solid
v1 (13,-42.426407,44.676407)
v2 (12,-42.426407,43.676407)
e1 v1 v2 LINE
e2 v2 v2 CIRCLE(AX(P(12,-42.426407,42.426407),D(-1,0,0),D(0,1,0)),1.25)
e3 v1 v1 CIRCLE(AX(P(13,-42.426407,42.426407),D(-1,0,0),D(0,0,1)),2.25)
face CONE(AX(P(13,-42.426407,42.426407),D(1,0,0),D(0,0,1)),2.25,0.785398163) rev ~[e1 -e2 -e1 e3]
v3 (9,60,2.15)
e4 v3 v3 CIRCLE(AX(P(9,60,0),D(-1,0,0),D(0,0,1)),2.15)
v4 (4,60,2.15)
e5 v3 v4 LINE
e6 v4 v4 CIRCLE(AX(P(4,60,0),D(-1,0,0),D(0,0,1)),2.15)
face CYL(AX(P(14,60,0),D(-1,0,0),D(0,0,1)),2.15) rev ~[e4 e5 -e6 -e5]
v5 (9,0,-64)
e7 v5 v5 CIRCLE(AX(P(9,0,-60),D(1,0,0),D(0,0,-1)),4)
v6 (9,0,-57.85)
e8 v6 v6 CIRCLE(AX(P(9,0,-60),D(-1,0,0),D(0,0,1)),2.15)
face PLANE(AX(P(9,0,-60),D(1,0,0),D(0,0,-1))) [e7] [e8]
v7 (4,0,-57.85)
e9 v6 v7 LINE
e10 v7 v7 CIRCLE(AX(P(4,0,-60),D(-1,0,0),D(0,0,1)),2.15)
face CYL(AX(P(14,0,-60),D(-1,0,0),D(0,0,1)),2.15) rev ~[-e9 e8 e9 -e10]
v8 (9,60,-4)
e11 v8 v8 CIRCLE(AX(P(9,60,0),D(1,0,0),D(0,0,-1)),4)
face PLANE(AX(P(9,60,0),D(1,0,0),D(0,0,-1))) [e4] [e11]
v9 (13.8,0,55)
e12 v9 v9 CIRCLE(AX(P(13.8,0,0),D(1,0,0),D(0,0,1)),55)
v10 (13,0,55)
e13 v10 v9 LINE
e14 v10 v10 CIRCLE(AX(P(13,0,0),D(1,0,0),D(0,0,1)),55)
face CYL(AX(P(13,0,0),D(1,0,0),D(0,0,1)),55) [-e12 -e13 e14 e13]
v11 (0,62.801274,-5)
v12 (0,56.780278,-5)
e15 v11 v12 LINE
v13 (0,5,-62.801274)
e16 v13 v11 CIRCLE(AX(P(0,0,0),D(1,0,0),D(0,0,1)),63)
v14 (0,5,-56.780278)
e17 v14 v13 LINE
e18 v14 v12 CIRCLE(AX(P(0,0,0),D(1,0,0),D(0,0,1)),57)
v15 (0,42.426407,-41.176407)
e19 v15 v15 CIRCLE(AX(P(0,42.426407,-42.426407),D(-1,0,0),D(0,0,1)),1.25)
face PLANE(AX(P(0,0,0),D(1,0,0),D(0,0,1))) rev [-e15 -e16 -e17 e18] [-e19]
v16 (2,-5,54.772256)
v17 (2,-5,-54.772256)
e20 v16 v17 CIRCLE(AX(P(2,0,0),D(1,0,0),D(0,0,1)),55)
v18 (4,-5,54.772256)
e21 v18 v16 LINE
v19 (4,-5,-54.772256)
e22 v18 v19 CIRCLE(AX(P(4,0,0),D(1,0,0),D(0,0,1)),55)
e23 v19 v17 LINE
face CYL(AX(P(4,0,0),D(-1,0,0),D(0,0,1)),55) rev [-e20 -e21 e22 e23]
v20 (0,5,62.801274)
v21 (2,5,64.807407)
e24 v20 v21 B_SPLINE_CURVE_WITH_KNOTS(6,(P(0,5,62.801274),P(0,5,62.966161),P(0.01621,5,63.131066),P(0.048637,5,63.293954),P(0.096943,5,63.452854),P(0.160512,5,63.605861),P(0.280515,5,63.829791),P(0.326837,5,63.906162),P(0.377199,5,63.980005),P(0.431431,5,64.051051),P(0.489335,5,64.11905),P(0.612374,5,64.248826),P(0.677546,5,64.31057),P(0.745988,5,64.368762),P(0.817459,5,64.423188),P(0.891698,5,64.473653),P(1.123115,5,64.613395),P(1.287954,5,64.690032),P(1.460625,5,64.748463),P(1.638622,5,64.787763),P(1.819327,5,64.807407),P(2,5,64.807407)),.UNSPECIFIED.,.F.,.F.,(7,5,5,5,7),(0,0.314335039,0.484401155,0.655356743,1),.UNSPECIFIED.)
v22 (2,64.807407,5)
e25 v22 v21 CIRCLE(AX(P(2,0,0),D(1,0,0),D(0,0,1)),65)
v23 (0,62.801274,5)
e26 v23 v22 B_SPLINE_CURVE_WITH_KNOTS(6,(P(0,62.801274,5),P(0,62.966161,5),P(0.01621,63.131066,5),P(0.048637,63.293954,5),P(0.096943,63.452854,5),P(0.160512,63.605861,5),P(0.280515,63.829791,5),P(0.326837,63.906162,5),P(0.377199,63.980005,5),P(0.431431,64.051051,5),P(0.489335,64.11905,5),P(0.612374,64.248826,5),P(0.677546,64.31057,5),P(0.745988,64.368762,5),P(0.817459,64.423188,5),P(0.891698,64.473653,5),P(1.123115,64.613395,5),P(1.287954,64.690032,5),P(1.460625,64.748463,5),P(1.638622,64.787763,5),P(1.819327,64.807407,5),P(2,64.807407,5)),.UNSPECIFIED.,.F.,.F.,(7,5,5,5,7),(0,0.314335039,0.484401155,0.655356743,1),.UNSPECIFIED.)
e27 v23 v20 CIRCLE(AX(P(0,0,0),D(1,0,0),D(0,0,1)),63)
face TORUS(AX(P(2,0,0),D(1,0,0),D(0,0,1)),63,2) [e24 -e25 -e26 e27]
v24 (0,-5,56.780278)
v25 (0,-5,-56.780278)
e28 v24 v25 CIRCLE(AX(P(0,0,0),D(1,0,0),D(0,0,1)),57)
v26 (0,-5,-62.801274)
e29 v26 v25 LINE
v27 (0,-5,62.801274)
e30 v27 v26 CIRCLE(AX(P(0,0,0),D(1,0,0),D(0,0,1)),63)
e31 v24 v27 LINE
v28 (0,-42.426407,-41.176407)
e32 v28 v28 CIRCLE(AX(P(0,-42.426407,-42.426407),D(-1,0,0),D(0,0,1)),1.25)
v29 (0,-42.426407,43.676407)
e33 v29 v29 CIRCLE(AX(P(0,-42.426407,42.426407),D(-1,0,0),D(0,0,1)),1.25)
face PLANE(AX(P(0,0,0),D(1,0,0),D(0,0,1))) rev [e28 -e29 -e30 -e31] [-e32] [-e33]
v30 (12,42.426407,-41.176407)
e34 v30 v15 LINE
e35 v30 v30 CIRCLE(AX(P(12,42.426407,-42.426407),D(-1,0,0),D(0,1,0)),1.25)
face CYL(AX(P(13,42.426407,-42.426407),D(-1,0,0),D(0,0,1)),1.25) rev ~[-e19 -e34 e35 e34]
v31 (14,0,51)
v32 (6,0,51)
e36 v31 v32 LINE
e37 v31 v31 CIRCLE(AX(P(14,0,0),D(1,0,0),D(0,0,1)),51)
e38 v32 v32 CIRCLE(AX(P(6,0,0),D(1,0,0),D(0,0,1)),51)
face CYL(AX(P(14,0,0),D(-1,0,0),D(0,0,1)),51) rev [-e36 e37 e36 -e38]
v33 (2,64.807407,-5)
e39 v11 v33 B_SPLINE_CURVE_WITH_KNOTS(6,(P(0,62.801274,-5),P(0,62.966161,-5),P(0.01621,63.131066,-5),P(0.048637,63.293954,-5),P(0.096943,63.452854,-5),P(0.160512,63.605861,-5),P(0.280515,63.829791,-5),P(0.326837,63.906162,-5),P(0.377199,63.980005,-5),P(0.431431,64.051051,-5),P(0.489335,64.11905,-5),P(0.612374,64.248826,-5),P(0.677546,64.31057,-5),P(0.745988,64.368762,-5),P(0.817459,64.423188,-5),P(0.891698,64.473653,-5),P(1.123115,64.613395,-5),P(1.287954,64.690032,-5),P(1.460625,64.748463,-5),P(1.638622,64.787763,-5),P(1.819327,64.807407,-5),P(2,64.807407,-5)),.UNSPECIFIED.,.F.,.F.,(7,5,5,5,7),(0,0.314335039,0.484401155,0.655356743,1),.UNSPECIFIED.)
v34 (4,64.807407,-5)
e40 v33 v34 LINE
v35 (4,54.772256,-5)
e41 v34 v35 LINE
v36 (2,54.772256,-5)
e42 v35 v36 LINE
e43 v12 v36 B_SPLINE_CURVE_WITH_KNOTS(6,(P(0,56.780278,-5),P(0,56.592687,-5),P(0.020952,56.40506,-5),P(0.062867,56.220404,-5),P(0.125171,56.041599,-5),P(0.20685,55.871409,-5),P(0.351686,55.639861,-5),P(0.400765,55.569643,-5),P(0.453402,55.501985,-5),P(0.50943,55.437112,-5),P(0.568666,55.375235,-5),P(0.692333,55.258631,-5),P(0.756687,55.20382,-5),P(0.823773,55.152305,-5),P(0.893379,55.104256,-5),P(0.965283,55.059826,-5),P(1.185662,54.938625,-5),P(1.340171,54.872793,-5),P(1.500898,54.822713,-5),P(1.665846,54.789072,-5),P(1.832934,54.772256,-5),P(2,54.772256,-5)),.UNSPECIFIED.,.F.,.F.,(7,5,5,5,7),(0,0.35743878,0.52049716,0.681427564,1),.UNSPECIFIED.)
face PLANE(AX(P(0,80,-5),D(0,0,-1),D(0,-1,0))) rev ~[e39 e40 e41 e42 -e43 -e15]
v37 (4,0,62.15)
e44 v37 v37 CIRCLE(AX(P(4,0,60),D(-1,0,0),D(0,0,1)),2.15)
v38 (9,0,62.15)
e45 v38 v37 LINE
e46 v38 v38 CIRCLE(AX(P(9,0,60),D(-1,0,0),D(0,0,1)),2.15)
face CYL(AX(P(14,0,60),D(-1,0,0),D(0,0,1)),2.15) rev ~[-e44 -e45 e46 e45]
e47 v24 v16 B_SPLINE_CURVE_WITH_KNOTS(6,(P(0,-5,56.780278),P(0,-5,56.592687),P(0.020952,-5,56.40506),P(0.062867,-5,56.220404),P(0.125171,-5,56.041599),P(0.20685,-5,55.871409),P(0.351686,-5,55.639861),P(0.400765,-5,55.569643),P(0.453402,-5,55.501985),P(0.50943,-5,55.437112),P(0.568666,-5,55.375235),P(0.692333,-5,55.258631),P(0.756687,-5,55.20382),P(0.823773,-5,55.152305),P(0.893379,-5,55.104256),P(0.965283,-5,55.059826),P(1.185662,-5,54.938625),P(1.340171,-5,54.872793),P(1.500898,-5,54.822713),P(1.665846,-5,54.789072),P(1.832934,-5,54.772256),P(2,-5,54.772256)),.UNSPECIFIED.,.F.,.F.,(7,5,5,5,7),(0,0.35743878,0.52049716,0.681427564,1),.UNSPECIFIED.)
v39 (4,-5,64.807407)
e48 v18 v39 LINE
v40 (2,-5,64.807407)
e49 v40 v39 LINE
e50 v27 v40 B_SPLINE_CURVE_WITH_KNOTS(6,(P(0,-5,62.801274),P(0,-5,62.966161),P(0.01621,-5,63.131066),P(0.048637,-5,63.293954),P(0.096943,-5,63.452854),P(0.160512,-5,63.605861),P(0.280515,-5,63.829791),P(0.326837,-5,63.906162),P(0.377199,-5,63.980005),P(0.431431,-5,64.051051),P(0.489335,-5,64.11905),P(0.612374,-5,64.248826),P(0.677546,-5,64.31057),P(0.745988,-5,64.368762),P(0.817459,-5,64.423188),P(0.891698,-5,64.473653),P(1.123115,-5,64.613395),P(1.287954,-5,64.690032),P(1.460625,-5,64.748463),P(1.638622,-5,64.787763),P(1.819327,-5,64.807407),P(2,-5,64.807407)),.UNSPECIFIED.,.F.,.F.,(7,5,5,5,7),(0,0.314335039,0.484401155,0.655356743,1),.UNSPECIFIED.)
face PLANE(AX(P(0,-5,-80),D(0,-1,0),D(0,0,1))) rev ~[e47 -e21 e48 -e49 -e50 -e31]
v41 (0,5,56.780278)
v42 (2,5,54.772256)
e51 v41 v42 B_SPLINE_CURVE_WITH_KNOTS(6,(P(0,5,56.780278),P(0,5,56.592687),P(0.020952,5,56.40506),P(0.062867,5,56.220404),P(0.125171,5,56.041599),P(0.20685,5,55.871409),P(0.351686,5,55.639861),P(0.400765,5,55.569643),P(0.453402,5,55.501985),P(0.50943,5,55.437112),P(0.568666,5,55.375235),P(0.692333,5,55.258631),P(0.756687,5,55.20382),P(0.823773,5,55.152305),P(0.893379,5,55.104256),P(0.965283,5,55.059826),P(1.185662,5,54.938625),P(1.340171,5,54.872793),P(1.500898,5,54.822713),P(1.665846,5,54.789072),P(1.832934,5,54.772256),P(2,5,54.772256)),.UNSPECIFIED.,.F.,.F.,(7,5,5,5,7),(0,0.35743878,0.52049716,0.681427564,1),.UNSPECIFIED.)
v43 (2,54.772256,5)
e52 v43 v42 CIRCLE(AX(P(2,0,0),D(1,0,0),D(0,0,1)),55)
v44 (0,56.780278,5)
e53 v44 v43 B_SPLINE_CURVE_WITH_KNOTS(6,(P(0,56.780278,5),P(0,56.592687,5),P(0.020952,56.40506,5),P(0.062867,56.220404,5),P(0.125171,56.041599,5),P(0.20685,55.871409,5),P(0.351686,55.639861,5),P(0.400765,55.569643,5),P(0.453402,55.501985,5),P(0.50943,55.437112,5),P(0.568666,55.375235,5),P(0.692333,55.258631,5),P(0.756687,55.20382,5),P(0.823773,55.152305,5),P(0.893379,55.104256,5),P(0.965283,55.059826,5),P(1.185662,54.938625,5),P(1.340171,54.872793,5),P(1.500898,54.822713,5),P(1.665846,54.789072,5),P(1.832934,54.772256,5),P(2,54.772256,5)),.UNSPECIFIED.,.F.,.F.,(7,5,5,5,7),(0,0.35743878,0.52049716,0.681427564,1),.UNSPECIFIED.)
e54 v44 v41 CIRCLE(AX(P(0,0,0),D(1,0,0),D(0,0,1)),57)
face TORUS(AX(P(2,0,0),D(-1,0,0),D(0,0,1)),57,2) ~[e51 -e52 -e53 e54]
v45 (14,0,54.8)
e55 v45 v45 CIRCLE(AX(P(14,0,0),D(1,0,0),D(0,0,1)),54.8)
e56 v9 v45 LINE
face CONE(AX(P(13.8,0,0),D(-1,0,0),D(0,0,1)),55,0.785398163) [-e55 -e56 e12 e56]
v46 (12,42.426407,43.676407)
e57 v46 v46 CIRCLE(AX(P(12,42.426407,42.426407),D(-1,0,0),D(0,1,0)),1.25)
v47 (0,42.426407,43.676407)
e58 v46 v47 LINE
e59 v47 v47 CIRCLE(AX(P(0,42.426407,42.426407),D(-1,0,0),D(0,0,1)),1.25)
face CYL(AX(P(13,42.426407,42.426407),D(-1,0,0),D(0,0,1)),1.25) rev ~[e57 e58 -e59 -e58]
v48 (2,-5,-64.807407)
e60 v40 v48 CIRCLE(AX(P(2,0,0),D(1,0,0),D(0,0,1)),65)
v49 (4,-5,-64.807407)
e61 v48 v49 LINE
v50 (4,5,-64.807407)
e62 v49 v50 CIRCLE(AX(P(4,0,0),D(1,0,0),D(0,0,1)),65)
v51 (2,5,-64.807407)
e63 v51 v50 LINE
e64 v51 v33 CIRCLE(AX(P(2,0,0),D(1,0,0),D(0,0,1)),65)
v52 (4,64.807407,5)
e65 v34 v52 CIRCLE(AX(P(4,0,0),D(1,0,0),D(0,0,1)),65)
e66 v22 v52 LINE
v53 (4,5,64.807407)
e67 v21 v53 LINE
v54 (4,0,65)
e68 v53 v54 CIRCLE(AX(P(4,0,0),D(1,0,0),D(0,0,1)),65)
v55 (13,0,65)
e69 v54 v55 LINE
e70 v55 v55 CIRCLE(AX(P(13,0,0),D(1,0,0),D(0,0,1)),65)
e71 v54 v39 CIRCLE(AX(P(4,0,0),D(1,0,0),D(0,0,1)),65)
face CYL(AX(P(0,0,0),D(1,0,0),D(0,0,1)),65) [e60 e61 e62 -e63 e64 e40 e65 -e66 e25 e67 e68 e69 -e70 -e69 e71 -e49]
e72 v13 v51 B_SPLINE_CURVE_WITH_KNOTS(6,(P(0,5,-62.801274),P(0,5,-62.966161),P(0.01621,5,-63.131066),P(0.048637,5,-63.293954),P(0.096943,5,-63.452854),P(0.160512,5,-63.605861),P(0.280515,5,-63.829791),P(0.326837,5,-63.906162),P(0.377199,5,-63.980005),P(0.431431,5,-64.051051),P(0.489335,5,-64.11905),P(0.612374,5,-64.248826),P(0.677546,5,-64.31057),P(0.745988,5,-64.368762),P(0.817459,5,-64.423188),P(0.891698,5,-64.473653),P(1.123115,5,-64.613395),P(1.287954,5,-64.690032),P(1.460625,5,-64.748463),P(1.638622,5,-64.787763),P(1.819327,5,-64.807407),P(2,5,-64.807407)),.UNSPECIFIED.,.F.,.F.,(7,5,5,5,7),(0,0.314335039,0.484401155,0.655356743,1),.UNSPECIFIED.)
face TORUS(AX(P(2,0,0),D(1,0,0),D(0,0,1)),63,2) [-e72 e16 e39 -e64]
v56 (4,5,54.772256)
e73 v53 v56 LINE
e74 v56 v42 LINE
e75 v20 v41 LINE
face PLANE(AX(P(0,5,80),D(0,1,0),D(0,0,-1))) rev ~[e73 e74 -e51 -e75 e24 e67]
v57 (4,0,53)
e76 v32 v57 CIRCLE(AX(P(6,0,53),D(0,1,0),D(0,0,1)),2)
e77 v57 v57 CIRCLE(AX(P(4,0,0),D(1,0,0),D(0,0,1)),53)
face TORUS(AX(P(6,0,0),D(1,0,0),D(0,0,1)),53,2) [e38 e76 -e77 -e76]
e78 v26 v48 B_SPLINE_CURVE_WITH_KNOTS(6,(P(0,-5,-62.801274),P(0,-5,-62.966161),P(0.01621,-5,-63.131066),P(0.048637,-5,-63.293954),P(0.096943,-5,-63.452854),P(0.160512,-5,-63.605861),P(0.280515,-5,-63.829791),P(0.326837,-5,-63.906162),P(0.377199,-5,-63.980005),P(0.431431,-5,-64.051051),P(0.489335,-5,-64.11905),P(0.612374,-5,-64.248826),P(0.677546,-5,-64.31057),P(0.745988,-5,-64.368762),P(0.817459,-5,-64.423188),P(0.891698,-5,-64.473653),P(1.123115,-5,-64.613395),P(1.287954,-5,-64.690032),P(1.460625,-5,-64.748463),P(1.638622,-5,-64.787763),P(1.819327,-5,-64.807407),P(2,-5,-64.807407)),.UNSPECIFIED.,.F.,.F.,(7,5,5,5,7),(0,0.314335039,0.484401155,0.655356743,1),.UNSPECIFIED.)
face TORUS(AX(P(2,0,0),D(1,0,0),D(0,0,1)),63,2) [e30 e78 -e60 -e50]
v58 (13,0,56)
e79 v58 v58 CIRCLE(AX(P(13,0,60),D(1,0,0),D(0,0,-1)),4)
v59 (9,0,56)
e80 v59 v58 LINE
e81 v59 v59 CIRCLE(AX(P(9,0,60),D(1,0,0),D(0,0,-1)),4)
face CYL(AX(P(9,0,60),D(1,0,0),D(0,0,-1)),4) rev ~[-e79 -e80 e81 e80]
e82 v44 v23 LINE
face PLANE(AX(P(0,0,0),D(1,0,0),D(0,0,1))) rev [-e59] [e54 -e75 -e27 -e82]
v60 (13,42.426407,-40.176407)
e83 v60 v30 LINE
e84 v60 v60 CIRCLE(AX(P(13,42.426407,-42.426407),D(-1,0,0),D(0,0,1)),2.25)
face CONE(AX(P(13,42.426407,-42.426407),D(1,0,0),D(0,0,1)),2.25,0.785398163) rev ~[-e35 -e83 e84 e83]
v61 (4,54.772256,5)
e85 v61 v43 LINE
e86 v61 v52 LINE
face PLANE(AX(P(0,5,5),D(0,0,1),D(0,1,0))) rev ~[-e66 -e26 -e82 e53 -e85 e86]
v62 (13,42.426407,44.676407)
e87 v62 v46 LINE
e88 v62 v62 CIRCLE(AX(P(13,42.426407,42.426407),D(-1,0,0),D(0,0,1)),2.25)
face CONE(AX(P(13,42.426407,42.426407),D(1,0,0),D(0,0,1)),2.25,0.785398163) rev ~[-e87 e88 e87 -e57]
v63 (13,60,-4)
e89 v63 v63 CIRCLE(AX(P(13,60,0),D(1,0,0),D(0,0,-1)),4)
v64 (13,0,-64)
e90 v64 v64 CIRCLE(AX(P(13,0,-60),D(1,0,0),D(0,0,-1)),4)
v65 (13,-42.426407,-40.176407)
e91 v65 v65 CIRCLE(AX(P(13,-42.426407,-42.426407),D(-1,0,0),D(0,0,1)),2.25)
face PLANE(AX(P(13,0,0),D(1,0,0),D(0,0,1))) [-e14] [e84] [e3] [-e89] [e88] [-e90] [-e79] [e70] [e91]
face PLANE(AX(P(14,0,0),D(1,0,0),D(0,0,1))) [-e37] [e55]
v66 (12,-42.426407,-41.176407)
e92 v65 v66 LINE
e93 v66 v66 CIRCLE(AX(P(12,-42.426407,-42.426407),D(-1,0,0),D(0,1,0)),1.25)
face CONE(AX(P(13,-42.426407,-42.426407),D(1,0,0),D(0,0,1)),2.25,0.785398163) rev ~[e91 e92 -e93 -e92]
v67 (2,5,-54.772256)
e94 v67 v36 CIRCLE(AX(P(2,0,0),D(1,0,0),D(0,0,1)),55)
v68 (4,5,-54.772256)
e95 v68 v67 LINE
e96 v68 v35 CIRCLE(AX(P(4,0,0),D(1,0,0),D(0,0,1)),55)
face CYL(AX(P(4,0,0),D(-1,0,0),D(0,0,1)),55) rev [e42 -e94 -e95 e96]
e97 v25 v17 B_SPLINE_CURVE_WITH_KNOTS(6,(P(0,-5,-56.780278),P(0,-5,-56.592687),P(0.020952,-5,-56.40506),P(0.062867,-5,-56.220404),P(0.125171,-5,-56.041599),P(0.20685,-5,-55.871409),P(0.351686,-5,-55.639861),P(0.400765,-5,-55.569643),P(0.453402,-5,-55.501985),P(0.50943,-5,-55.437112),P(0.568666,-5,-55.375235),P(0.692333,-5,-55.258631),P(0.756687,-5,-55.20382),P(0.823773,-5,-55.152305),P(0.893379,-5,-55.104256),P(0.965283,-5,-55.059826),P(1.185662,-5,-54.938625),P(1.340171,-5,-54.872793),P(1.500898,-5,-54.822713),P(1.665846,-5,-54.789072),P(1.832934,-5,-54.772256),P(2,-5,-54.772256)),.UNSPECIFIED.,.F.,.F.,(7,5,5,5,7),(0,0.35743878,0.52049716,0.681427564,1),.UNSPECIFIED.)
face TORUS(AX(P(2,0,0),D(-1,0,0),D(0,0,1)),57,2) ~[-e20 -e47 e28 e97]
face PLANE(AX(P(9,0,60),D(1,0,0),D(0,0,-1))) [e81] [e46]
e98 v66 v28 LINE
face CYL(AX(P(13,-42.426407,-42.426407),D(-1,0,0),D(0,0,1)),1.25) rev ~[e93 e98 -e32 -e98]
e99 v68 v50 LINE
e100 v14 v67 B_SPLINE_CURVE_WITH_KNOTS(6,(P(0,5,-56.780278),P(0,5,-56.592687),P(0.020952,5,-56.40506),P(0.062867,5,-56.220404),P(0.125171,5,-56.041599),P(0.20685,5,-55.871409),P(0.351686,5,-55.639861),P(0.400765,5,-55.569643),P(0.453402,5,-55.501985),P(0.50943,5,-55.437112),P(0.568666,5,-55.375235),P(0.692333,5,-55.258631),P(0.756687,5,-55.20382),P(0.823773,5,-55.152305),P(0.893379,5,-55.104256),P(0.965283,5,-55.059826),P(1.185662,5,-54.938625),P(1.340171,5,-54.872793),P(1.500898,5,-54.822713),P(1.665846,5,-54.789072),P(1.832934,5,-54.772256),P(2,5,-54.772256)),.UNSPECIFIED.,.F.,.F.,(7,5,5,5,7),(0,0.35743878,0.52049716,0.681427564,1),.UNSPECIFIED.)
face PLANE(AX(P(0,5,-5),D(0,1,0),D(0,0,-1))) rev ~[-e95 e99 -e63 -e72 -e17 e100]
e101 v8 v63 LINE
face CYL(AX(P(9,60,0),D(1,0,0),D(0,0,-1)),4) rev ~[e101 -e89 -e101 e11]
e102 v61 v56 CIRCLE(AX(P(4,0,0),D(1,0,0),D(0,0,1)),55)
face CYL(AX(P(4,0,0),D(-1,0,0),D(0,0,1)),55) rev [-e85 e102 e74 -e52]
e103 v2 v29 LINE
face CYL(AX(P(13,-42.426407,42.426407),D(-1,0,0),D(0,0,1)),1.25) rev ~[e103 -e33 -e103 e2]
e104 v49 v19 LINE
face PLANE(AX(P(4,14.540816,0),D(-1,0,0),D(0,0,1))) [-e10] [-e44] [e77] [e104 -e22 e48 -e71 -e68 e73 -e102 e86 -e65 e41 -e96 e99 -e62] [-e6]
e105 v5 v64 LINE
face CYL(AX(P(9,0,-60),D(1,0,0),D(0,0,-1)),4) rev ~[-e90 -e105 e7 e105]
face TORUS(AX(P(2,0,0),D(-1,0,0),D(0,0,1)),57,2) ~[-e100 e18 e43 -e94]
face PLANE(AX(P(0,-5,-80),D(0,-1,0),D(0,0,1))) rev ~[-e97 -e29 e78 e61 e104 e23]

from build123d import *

# Parameters (mm, degrees)
CONG_1_R                                           = 2
ENL_V_MAT_EXTRU_1_DEPTH                            = 4
CHAMBRAGE_POUR_VIS_T_TE_HEXAGONALE_M41_D           = 4.3
CHAMBRAGE_POUR_VIS_T_TE_HEXAGONALE_M41_CBORE_D     = 8
CHAMBRAGE_POUR_VIS_T_TE_HEXAGONALE_M41_CBORE_DEPTH = 5
CHANFREIN1_SIZE                                    = 0.2
TROU_TARAUD_M31_D                                  = 2.5
TROU_TARAUD_M31_CSINK_D                            = 4.5
TROU_TARAUD_M31_CSINK_ANGLE                        = 90


with BuildPart() as part:
    # Esquisse1 → Révolution1 (revolve)
    with BuildSketch(Plane.XY, mode=Mode.PRIVATE) as r_volution1_sk:
        Polygon((0, 55), (0, 65), (13, 65), (13, 55), (14, 55), (14, 51), (4, 51), (4, 55), align=None)
    revolve(r_volution1_sk.sketch.rotate(Axis((0, 0, 0), (1, 0, 0)), 90), axis=Axis((0, 0, 0), (1, 0, 0)))

    # Congé1
    cong_1_edges = [part.edges().sort_by_distance(p)[0] for p in [
        (4, 0, -51),
        (0, 0, -65),
        (0, 0, -55),
    ]]
    fillet(cong_1_edges, radius=CONG_1_R)

    # Esquisse5 → Enlèv. mat.-Extru.1 (cut)
    with BuildSketch(Plane.ZY):
        Polygon((-5, 80), (-5, 5), (-80, 5), (-80, -5), (-5, -5), (5, -5), (80, -5), (80, 5), (5, 5), (5, 80), align=None)
    extrude(amount=-ENL_V_MAT_EXTRU_1_DEPTH, mode=Mode.SUBTRACT)

    # Chambrage pour vis à tête hexagonale M41 (through all)
    with Locations(Plane(origin=(14, 0, 0), x_dir=(0, 0, -1), z_dir=(1, 0, 0))):
        with Locations((60, 0), (-60, 0), (0, 60)):
            CounterBoreHole(CHAMBRAGE_POUR_VIS_T_TE_HEXAGONALE_M41_D / 2, CHAMBRAGE_POUR_VIS_T_TE_HEXAGONALE_M41_CBORE_D / 2, CHAMBRAGE_POUR_VIS_T_TE_HEXAGONALE_M41_CBORE_DEPTH)

    # Chanfrein1
    chanfrein1_edges = [part.edges().sort_by_distance(p)[0] for p in [
        (14, 0, -55),
    ]]
    chamfer(chanfrein1_edges, length=CHANFREIN1_SIZE)

    # Trou taraudé M31 (through all)
    with Locations(Plane(origin=(13, 0, 0), x_dir=(0, 0, -1), z_dir=(1, 0, 0))):
        with Locations((-42.426406871, 42.426406871), (42.426406871, 42.426406871), (42.426406871, -42.426406871), (-42.426406871, -42.426406871)):
            CounterSinkHole(TROU_TARAUD_M31_D / 2, TROU_TARAUD_M31_CSINK_D / 2, counter_sink_angle=TROU_TARAUD_M31_CSINK_ANGLE)


solid = part.part
